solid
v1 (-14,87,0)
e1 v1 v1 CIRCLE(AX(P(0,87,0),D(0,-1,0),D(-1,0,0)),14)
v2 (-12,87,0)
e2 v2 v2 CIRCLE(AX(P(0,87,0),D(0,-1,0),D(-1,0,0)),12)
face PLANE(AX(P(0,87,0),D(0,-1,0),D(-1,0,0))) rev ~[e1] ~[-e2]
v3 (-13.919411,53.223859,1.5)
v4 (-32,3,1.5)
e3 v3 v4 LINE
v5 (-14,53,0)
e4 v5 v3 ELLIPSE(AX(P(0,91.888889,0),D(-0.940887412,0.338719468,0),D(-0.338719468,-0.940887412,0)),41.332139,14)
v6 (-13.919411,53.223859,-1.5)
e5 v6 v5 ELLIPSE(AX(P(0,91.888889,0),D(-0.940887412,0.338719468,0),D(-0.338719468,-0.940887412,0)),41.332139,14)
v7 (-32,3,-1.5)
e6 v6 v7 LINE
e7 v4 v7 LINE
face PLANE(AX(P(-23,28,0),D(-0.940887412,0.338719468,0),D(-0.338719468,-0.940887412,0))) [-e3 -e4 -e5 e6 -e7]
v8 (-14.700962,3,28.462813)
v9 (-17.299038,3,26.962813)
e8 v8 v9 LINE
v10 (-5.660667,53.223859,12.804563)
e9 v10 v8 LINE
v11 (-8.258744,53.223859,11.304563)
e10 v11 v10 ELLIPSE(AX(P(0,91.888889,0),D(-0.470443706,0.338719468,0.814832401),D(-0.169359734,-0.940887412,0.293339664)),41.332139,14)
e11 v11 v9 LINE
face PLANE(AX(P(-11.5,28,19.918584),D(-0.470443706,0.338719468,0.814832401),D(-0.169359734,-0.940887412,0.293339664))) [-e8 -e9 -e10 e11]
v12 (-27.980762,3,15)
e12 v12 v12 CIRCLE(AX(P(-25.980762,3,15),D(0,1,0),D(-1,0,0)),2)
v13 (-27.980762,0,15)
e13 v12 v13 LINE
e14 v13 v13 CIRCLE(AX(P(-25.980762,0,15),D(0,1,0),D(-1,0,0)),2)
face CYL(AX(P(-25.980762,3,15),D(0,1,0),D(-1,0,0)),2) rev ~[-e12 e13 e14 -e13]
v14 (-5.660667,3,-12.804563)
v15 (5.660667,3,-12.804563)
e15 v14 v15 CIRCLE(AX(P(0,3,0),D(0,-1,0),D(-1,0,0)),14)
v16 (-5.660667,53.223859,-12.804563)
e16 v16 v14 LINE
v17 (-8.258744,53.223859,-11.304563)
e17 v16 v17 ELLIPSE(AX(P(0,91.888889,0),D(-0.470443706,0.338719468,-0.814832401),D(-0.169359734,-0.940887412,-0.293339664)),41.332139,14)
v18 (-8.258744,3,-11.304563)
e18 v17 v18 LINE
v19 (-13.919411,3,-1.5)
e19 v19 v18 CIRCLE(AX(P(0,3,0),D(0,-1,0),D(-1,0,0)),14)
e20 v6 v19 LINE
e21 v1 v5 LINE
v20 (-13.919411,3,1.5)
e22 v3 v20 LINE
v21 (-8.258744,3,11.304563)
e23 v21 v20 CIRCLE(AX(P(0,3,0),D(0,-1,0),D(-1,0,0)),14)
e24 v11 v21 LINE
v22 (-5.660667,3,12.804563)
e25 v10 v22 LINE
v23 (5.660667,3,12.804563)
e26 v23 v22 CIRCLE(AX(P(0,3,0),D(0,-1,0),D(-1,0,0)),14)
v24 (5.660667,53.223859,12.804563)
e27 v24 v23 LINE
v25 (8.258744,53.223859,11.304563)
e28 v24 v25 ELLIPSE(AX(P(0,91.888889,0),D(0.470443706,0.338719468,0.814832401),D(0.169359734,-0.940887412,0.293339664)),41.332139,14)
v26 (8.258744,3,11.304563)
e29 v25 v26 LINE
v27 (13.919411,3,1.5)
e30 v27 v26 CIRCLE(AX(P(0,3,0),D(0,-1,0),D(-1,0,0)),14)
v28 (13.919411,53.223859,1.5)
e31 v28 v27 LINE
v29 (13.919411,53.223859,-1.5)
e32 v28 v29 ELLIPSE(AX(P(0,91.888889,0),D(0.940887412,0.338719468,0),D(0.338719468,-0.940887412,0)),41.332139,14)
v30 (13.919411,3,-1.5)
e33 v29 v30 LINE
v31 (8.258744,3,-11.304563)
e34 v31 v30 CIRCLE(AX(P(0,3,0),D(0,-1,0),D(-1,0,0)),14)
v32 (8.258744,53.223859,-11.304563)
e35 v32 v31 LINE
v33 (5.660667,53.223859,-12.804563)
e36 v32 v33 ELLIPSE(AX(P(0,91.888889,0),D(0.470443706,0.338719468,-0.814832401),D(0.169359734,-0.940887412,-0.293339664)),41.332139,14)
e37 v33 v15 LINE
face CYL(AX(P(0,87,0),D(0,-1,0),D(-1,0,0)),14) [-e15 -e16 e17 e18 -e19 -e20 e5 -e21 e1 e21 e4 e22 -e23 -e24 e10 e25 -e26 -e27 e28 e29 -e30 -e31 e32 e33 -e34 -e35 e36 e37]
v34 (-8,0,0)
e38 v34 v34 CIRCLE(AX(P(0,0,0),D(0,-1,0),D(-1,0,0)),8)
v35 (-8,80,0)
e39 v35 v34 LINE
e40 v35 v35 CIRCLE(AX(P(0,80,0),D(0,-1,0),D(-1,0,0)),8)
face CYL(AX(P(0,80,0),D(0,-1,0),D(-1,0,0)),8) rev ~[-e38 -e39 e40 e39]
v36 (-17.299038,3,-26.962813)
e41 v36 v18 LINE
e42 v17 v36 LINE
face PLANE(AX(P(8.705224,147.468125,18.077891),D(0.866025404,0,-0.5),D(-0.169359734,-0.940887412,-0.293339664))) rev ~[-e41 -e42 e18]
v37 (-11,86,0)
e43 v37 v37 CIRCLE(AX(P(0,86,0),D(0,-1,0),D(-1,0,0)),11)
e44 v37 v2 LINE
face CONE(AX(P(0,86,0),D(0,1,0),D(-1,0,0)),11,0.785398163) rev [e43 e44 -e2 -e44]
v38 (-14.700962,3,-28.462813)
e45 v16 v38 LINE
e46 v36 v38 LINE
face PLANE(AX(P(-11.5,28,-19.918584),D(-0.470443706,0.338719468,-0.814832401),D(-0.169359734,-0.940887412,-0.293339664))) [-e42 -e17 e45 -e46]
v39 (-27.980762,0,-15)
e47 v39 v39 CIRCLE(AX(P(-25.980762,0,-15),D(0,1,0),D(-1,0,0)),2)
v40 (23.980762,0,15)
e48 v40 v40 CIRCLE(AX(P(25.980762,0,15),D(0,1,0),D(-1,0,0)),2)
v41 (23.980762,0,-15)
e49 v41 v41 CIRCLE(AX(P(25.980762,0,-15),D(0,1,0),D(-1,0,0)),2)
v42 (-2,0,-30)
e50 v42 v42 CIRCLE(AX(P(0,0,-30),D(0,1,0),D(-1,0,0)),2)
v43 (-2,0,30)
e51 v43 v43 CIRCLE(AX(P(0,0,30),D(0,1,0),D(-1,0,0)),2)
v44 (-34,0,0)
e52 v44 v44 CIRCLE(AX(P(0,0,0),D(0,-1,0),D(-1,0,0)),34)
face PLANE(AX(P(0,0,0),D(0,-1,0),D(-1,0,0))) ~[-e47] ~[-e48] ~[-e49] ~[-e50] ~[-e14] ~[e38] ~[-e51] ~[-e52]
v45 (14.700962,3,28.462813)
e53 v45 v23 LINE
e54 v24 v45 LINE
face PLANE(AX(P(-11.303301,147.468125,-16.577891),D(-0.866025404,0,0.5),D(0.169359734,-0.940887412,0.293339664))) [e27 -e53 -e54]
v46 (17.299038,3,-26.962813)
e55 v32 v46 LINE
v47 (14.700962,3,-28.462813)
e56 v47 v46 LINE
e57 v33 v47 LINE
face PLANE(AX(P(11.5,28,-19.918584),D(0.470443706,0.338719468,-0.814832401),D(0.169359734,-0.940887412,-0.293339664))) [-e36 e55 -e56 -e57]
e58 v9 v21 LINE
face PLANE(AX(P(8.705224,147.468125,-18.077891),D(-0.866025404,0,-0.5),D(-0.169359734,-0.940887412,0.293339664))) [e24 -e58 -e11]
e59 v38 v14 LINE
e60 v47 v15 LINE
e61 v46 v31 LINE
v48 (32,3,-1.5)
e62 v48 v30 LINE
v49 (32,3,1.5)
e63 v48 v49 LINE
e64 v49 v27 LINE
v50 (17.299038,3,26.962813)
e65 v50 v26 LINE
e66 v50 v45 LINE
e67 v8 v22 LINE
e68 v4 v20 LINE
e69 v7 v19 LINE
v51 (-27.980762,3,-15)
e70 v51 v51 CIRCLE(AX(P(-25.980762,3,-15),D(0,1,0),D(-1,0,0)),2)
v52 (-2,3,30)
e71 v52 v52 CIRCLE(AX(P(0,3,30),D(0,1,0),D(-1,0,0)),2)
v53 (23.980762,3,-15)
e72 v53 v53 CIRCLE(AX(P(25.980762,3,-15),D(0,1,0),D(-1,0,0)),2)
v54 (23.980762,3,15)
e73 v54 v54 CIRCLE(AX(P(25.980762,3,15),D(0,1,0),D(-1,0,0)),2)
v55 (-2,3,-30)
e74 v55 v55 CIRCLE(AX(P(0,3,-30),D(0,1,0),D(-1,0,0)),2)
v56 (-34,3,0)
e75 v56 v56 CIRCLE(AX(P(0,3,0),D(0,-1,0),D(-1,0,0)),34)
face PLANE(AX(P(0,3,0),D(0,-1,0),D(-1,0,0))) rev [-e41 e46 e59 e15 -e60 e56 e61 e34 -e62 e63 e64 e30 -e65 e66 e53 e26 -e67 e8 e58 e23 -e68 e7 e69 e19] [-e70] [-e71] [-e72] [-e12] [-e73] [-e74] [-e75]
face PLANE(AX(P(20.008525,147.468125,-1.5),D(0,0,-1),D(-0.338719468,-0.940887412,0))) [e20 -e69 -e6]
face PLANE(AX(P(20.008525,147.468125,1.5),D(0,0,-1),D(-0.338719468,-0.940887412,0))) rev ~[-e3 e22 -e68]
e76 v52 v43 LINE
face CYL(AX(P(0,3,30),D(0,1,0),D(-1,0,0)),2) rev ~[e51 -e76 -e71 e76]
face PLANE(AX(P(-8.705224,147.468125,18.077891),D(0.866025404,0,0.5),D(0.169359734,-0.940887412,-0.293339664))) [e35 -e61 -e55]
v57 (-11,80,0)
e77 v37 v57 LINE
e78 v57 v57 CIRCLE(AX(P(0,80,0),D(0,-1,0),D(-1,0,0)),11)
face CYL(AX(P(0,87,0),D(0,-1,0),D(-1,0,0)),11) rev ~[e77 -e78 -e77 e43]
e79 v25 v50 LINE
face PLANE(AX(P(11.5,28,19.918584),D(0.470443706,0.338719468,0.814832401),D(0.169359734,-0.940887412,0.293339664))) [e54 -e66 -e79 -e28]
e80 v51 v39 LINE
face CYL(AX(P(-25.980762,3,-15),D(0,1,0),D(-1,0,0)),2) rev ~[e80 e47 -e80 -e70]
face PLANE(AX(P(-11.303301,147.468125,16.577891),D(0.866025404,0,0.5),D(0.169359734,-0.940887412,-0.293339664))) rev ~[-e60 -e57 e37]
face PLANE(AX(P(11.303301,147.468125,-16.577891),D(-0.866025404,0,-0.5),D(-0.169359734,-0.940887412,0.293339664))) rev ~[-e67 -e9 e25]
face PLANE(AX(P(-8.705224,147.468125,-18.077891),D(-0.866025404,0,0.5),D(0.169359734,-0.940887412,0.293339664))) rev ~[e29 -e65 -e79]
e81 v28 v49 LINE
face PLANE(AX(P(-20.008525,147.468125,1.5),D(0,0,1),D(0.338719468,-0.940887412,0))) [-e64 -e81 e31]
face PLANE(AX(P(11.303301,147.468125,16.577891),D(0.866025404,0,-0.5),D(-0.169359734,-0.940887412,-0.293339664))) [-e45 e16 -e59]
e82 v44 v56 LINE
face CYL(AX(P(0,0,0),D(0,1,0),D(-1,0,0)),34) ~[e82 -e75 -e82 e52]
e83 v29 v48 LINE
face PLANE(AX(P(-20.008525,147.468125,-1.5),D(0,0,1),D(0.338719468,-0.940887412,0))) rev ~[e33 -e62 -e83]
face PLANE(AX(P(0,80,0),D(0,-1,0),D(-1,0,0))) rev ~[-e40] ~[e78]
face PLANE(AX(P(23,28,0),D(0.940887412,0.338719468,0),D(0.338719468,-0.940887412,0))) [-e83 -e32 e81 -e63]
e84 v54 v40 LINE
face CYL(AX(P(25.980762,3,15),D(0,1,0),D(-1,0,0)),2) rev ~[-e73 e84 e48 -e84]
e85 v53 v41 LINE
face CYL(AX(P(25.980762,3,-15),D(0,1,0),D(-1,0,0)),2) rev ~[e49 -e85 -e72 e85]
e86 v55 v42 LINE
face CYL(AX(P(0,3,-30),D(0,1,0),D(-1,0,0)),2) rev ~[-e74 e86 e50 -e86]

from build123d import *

# Parameters (mm, degrees)
ESQUISSE2_R                  = 2
ENL_V_MAT_EXTRU_1_DEPTH      = 97.788429061
CHANFREIN1_SIZE              = 1
NERVURE11_REACH              = 101.403
ESQUISSE5_WALL_W             = 253.94775955
ESQUISSE5_WALL_H             = 3
R_P_TITION_CIRCULAIRE1_COUNT = 6


with BuildPart() as part:
    # Esquisse1 → Révolution1 (revolve)
    with BuildSketch(Plane.XY):
        Polygon((-8, 0), (-34, 0), (-34, 3), (-19, 3), (-14, 3), (-14, 8), (-14, 87), (-11, 87), (-11, 80), (-8, 80), align=None)
    revolve(axis=Axis((0, 5.729166667, 0), (0, -1, 0)))

    # Esquisse2 → Enlèv. mat.-Extru.1 (cut, through all)
    with BuildSketch(Plane(origin=(0, 3, 0), x_dir=(1, 0, 0), z_dir=(0, 1, 0))):
        with Locations(Location((0, 30, 0), (0, 0, 180))):
            Circle(ESQUISSE2_R)
        with Locations(Location((25.980762114, 15, 0), (0, 0, 180))):
            Circle(ESQUISSE2_R)
        with Locations(Location((25.980762114, -15, 0), (0, 0, 180))):
            Circle(ESQUISSE2_R)
        with Locations(Location((0, -30, 0), (0, 0, 180))):
            Circle(ESQUISSE2_R)
        with Locations(Location((-25.980762114, -15, 0), (0, 0, 180))):
            Circle(ESQUISSE2_R)
        with Locations(Location((-25.980762114, 15, 0), (0, 0, 180))):
            Circle(ESQUISSE2_R)
    extrude(amount=-ENL_V_MAT_EXTRU_1_DEPTH, mode=Mode.SUBTRACT)

    # Chanfrein1
    chanfrein1_edges = [part.edges().sort_by_distance(p)[0] for p in [
        (11, 87, 0),
    ]]
    chamfer(chanfrein1_edges, length=CHANFREIN1_SIZE)

    # Esquisse5 wall → Nervure11 (add, up to next)
    with BuildSketch(Plane(origin=(23, 28, 0), x_dir=(0.338719468273, -0.940887411869, 0), z_dir=(0.940887411869, 0.338719468273, 0)), mode=Mode.PRIVATE) as nervure11_sk1:
        Rectangle(ESQUISSE5_WALL_W, ESQUISSE5_WALL_H)
    nervure11_tool1 = extrude(nervure11_sk1.sketch, amount=-NERVURE11_REACH, mode=Mode.PRIVATE) - part.part
    nervure11 = nervure11_tool1.solids().sort_by_distance((23, 28, 0))[0]
    add(nervure11)

    # Répétition circulaire1: Nervure11 ×6 about axis
    r_p_tition_circulaire1_axis = Axis((0, 0, 0), (0, 1, 0))
    for i in range(1, R_P_TITION_CIRCULAIRE1_COUNT):
        add(nervure11.rotate(r_p_tition_circulaire1_axis, i * 360 / R_P_TITION_CIRCULAIRE1_COUNT))


solid = part.part
